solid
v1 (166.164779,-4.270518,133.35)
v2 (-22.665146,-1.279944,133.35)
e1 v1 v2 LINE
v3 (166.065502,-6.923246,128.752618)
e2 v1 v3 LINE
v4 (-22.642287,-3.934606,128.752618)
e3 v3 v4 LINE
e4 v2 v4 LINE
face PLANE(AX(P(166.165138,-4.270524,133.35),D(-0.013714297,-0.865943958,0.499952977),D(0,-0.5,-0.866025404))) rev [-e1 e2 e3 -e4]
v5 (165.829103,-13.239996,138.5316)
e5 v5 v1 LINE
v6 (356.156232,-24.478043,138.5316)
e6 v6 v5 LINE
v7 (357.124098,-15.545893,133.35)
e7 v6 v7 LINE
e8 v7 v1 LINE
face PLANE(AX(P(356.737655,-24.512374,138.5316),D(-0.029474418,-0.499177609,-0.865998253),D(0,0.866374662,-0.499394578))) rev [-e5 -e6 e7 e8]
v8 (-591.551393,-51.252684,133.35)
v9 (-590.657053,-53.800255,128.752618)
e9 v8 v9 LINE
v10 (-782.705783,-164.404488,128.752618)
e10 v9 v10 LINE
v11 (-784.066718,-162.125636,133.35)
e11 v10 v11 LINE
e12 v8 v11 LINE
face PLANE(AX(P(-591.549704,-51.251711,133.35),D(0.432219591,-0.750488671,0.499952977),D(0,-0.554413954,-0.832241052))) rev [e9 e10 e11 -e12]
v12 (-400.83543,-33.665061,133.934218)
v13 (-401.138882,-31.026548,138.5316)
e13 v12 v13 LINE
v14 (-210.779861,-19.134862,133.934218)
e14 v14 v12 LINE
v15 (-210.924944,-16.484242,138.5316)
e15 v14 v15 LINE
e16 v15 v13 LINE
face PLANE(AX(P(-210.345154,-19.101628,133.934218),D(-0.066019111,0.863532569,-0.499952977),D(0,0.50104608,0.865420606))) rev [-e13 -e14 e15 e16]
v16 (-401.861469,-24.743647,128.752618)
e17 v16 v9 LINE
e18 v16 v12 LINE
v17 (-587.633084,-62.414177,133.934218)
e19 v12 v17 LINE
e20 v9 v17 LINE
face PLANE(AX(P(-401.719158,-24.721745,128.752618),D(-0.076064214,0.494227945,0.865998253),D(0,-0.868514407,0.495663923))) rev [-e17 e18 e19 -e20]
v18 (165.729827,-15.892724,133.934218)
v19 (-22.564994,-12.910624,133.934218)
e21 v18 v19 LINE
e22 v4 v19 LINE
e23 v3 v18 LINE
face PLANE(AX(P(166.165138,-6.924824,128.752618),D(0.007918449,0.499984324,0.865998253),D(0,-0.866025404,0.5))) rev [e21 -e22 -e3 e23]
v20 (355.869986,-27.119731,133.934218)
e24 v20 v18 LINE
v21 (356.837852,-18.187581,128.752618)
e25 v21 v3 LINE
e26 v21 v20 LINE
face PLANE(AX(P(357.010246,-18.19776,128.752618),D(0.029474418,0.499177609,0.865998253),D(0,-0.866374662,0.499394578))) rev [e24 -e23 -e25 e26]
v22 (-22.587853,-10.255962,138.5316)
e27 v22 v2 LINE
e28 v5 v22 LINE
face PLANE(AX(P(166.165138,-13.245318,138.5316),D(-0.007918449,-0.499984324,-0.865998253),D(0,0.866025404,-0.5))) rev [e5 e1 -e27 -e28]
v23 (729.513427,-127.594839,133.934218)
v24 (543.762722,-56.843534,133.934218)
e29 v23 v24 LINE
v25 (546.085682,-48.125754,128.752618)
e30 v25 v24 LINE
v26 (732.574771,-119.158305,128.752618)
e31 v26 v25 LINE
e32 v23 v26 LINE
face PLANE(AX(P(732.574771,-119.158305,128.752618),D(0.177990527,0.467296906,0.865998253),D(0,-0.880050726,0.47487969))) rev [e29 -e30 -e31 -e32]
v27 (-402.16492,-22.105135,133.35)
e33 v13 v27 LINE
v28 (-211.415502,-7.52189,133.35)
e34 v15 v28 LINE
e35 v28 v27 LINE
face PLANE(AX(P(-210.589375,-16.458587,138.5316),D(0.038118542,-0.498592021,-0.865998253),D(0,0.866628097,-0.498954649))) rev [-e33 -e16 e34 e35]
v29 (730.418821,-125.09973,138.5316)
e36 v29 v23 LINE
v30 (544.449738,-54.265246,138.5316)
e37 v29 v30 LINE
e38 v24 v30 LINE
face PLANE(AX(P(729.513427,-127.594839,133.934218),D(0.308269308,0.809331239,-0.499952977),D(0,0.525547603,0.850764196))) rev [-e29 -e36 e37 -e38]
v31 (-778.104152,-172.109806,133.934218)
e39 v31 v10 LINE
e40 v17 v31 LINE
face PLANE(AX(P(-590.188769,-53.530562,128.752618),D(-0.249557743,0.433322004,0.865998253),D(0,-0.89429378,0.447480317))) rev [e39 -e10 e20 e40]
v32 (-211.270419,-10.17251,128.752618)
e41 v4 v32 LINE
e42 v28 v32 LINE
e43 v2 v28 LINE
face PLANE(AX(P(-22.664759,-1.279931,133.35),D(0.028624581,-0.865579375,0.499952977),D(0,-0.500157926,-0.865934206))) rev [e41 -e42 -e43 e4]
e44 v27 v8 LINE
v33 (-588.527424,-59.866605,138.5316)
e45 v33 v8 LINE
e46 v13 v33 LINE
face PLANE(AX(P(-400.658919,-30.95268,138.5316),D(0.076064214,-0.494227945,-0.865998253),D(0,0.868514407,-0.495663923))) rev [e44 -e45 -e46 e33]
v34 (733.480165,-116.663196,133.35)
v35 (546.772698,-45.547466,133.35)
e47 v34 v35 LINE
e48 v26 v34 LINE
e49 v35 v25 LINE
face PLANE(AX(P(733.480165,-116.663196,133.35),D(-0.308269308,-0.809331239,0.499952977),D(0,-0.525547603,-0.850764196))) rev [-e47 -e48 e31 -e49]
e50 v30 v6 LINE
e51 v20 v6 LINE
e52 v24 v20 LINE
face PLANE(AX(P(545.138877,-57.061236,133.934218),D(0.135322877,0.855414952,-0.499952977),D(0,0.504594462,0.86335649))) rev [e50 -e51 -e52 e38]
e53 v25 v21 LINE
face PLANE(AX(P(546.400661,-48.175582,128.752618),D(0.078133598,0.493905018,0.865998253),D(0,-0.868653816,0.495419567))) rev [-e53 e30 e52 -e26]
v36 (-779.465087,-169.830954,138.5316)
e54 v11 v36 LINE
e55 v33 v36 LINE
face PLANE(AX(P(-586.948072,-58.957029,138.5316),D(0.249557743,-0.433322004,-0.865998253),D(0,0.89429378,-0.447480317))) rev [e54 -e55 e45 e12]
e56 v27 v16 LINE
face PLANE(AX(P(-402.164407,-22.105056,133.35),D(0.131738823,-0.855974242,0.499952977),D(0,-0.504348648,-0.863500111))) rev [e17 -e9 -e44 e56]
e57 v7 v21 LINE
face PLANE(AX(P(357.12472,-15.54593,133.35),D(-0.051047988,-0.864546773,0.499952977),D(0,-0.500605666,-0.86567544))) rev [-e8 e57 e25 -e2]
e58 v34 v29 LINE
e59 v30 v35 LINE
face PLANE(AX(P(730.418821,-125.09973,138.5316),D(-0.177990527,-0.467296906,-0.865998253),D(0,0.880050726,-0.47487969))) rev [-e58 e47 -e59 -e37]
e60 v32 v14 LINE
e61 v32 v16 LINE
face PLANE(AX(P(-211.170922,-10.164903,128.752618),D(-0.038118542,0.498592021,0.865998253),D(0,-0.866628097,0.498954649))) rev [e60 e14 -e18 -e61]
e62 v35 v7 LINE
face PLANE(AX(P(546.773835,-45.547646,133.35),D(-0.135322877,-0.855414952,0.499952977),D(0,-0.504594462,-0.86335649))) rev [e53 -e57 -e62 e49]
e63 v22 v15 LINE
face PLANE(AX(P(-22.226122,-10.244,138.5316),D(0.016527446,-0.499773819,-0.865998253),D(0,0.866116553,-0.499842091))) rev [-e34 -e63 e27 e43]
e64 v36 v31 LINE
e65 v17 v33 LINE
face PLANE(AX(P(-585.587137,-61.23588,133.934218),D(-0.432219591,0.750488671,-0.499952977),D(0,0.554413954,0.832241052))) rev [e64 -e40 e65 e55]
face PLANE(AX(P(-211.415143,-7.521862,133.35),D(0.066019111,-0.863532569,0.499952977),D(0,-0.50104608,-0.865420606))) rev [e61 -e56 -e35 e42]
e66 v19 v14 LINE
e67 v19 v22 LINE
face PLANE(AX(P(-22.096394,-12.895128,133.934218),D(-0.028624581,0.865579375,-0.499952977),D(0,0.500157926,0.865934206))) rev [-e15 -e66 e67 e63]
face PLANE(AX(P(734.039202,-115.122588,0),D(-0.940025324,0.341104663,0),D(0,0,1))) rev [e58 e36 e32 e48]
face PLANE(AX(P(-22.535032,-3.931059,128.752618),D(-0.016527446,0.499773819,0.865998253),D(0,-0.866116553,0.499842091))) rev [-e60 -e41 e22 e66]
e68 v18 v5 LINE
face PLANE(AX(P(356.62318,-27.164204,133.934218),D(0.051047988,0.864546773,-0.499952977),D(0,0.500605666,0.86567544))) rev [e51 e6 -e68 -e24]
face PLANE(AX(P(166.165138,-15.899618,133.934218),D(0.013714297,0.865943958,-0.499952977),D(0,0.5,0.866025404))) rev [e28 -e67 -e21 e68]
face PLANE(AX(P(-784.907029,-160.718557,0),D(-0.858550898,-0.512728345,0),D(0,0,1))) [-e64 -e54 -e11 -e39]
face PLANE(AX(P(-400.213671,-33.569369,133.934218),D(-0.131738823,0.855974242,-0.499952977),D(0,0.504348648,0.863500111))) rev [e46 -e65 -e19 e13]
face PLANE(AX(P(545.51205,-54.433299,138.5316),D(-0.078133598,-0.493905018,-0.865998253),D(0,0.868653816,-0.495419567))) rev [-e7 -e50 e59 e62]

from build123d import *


with BuildPart() as part:
    # Sweep1: sweep along a path in Sketch1
    with BuildLine(Plane.XY.offset(133.35)) as sweep1_path:
        Line((-784.071645386, -162.117385896), (-591.554631016, -51.243460213))
        Line((-591.554631016, -51.243460213), (-402.166018744, -22.095582214))
        Line((-402.166018744, -22.095582214), (-211.416027506, -7.512293336))
        Line((-211.416027506, -7.512293336), (-22.665229034, -1.270332507))
        Line((-22.665229034, -1.270332507), (166.165138103, -4.260913688))
        Line((166.165138103, -4.260913688), (357.125134769, -15.536328702))
        Line((357.125134769, -15.536328702), (546.775185731, -45.538131397))
        Line((546.775185731, -45.538131397), (733.483443068, -116.654162228))
    # Sketch2 → Sweep1 (sweep)
    with BuildSketch(Plane(origin=(0, 0, 0), x_dir=(0, 0, -1), z_dir=(1, 0, 0))):
        Polygon((-133.35, -1.638900587), (-128.752617541, -4.293200587), (-133.934217541, -13.267995051), (-138.5316, -10.613695051), align=None)
    sweep(path=sweep1_path.line, transition=Transition.RIGHT)


solid = part.part
